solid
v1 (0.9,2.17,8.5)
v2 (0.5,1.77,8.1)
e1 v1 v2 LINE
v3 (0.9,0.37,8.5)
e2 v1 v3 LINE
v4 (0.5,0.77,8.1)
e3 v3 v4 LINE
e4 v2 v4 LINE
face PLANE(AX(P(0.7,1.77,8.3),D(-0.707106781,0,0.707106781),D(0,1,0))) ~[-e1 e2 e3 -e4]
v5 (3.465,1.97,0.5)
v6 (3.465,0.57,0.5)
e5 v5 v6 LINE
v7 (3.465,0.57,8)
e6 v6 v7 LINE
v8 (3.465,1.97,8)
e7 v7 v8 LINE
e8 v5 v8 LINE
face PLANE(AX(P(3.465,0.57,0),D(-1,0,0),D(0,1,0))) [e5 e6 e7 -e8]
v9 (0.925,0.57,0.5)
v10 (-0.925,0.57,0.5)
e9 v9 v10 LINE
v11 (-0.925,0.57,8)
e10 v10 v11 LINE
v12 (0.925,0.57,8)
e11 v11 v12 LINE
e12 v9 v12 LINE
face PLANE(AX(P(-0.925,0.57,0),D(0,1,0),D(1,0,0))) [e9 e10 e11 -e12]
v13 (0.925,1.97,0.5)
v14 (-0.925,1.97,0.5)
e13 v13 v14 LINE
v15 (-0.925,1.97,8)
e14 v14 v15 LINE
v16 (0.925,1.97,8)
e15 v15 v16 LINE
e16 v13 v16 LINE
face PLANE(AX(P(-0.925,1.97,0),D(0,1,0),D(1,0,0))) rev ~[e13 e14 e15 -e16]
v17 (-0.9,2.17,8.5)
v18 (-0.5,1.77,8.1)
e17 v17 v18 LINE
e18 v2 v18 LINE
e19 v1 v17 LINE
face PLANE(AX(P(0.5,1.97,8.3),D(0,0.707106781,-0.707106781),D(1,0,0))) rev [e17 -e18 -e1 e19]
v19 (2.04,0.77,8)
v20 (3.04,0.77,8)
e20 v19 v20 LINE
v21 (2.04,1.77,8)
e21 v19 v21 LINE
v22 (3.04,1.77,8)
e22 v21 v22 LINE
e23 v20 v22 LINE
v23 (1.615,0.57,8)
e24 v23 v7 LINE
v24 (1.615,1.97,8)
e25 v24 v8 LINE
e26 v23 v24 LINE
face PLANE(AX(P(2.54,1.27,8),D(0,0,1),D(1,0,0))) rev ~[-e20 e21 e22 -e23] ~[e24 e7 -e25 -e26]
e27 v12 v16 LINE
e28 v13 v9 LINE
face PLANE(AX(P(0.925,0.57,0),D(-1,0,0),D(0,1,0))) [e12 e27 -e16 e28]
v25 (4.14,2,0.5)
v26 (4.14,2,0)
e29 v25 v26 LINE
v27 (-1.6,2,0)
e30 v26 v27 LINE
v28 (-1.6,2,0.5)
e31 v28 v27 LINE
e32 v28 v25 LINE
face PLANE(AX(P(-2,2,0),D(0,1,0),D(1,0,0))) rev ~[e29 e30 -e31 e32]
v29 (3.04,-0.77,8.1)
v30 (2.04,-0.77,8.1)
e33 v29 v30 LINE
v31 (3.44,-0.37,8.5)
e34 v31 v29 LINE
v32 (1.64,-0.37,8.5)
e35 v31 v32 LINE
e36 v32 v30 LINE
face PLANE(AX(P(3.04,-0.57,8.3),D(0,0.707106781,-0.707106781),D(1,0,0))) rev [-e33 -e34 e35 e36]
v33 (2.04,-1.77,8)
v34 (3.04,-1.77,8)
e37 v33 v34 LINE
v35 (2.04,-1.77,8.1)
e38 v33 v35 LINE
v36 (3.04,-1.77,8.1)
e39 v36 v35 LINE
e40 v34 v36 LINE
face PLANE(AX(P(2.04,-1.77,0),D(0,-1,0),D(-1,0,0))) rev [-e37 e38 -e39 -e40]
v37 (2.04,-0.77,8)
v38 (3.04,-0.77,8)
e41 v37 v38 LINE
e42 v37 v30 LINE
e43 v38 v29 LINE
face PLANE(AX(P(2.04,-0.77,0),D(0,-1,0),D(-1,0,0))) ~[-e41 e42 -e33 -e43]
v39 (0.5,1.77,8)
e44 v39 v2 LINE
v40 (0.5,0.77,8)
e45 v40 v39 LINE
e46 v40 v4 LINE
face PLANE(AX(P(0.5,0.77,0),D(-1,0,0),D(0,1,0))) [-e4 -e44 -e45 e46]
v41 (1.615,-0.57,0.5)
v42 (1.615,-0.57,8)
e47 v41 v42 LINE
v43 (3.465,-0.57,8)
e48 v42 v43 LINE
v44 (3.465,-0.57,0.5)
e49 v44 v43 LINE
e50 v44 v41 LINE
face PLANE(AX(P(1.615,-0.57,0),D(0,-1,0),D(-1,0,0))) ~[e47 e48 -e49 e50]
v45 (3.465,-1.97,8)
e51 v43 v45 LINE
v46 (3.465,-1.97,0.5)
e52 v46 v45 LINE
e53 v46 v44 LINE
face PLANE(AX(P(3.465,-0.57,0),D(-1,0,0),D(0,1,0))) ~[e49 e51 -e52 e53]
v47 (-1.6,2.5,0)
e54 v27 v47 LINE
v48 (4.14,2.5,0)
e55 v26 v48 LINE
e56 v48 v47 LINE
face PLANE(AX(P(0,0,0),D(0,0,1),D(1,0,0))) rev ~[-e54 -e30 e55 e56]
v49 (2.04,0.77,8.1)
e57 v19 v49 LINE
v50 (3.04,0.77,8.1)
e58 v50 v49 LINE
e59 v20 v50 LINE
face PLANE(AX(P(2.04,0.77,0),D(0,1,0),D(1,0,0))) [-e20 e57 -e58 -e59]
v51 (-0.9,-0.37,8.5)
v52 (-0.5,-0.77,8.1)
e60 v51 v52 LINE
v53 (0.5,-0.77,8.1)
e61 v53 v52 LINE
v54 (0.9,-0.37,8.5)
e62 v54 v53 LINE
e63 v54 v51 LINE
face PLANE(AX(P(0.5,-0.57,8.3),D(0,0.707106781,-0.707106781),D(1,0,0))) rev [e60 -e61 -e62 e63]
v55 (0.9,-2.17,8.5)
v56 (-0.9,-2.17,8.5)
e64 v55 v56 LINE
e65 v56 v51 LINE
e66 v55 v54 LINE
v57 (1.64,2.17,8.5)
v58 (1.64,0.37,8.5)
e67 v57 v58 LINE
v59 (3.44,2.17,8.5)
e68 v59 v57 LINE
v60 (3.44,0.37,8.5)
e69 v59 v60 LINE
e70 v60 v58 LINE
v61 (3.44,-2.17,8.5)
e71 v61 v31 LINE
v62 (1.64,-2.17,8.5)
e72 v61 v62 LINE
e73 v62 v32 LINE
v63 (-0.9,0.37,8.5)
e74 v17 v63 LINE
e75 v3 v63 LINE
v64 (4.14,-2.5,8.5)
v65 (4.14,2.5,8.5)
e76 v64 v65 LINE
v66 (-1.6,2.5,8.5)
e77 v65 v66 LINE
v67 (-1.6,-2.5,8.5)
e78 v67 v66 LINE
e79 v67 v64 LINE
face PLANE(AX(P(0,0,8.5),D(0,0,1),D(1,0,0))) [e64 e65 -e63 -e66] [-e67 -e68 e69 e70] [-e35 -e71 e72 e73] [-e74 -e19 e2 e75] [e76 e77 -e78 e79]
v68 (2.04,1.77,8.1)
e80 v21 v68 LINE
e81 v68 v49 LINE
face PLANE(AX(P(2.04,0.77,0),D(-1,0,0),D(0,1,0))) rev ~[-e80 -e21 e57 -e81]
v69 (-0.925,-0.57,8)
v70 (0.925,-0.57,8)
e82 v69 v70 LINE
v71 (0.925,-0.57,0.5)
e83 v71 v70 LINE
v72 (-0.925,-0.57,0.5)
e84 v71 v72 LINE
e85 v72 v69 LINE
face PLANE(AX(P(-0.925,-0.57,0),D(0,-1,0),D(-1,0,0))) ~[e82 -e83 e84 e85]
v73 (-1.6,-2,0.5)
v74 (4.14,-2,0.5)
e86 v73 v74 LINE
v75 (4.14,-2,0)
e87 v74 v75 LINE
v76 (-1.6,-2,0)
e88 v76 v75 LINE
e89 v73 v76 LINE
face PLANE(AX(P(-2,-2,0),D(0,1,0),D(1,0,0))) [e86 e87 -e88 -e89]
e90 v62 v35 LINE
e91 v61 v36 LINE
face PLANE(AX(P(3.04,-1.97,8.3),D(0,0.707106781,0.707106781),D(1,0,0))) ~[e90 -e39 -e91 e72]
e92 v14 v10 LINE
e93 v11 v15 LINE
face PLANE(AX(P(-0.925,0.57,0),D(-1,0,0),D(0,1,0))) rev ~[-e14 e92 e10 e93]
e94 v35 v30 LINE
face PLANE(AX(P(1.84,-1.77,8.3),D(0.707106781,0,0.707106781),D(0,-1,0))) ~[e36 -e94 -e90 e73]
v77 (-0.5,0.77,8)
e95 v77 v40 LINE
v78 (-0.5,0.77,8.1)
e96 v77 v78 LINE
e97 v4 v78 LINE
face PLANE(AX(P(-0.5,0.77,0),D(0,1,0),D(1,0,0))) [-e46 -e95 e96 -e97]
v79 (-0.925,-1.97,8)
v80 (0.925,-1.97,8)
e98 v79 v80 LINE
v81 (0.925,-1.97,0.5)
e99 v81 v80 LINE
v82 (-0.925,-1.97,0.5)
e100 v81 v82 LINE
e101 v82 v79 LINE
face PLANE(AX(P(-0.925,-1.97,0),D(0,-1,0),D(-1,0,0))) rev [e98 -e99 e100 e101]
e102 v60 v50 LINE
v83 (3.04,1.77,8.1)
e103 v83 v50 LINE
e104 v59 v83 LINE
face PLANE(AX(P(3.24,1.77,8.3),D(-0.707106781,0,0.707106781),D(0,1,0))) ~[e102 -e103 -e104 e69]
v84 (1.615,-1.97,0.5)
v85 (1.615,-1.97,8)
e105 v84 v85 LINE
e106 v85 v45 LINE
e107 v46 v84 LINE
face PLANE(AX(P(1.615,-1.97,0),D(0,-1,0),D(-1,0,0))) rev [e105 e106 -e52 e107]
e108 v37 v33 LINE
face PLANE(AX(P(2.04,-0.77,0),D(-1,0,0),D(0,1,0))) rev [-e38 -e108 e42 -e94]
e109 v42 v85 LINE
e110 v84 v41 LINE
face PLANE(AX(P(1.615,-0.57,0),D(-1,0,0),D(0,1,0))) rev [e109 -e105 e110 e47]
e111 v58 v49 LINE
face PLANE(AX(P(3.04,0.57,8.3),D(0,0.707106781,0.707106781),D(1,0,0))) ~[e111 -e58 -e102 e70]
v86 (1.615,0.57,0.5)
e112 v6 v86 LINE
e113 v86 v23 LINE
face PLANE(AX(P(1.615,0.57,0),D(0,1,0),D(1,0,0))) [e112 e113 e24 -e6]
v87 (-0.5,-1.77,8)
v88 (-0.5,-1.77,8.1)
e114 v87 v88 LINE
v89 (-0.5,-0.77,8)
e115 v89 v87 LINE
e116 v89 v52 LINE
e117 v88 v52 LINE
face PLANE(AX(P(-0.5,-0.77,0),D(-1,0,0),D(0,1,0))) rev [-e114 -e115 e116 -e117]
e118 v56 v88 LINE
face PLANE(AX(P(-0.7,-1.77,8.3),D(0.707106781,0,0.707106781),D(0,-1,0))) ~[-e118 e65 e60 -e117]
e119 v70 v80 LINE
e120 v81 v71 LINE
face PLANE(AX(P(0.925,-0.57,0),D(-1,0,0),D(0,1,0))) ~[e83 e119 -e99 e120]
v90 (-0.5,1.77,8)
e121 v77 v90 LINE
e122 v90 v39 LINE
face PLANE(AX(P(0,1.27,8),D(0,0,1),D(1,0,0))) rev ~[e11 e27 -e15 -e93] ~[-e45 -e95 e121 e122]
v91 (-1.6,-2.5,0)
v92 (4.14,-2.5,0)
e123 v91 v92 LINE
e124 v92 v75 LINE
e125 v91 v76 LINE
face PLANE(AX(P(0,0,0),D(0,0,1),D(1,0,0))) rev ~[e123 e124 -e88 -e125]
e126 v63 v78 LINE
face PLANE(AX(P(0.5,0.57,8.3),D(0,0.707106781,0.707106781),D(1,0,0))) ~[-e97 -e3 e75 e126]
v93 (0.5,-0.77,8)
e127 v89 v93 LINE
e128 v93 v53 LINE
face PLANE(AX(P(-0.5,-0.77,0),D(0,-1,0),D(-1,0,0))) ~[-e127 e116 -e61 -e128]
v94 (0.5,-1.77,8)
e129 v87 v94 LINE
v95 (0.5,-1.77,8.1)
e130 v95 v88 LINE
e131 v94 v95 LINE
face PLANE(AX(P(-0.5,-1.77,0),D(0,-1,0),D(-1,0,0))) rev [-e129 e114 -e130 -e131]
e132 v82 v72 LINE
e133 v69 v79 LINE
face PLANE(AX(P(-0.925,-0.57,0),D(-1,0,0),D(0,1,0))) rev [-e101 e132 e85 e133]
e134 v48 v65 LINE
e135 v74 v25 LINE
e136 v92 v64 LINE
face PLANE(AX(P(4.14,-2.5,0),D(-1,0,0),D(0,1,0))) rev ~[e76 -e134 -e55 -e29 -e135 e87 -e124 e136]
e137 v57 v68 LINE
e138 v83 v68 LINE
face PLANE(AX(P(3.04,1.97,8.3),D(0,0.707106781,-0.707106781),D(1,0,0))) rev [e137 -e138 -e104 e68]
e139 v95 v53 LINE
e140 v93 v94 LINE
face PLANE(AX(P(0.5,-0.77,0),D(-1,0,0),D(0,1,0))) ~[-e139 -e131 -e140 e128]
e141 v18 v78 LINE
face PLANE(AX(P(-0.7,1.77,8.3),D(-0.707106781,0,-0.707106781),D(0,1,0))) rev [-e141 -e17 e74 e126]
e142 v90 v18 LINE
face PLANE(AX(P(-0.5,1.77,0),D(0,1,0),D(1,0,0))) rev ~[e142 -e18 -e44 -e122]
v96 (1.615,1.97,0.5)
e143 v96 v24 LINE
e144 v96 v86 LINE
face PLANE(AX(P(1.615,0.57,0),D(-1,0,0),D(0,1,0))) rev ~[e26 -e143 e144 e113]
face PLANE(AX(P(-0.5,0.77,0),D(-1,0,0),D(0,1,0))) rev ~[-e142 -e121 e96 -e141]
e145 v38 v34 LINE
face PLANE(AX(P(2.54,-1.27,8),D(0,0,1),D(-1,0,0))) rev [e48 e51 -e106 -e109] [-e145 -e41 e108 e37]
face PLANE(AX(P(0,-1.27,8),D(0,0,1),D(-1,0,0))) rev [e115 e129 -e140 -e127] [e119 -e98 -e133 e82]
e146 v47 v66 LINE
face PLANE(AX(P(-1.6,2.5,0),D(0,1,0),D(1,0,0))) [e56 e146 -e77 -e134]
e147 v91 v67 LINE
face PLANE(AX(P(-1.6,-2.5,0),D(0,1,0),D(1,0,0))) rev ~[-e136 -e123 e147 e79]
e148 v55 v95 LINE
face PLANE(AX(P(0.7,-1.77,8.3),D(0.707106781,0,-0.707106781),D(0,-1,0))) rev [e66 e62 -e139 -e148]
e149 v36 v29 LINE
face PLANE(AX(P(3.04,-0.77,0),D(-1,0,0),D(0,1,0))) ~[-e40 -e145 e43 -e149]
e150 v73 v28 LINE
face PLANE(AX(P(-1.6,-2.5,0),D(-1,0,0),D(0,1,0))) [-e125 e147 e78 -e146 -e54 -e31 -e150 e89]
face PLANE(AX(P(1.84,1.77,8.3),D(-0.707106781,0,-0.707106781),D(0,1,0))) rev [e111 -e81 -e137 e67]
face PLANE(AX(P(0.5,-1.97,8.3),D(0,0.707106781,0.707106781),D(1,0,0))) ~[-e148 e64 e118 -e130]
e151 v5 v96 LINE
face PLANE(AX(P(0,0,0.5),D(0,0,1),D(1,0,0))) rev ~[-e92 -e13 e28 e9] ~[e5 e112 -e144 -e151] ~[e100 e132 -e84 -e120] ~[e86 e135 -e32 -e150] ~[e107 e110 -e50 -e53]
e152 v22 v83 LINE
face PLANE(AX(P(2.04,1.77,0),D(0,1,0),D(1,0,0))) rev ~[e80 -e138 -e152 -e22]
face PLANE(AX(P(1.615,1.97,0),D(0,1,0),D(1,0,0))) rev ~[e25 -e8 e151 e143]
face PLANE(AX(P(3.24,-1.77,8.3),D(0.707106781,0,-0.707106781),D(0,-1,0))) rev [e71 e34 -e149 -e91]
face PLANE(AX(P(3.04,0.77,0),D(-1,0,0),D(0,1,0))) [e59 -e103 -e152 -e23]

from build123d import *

# Parameters (mm, degrees)
SKETCH001_W      = 1.85
SKETCH001_H      = 1.4
EXTRUDE001_DEPTH = 8
SKETCH002_W      = 1
SKETCH002_H      = 1
EXTRUDE002_DEPTH = 9
SKETCH013_W      = 4
SKETCH013_H      = 4
EXTRUDE013_DEPTH = 0.5
SKETCH012_W      = 3.2
SKETCH012_H      = 5
EXTRUDE012_DEPTH = 8.5
CHAMFER003_SIZE  = 0.4
ARRAY006_X_COUNT = 2
ARRAY006_X_PITCH = 2.54


with BuildPart() as extrude001:
    # Sketch001 → Extrude001 (new body)
    with BuildSketch(Plane.XY):
        Rectangle(SKETCH001_W, SKETCH001_H)
    extrude(amount=EXTRUDE001_DEPTH)


with BuildPart() as fusion006:
    # Sketch002 → Extrude002 (new body)
    with BuildSketch(Plane.XY):
        Rectangle(SKETCH002_W, SKETCH002_H)
    extrude(amount=EXTRUDE002_DEPTH)

    # Fusion006: union Extrude001
    add(extrude001.part)


with BuildPart() as fusion006_1:
    # Fusion006 placement: moved
    add(fusion006.part.moved(Location((0, 1.27, 0))))


with BuildPart() as part_mirroring003:
    # Part__Mirroring003: instance of Fusion006
    add(fusion006_1.part.mirror(Plane(origin=(0, 0, 0), x_dir=(1, 0, 0), z_dir=(0, 1, 0))))


with BuildPart() as fusion007:
    # Sketch013 → Extrude013 (new body)
    with BuildSketch(Plane.XY):
        Rectangle(SKETCH013_W, SKETCH013_H)
    extrude(amount=EXTRUDE013_DEPTH)

    # Fusion007: union Part__Mirroring003, Fusion006
    add(part_mirroring003.part)
    add(fusion006_1.part)


with BuildPart() as body003:
    # Sketch012 → Extrude012 (new body)
    with BuildSketch(Plane.XY):
        Rectangle(SKETCH012_W, SKETCH012_H)
    extrude(amount=EXTRUDE012_DEPTH)

    # Cut003: cut Fusion007
    add(fusion007.part, mode=Mode.SUBTRACT)

    # Chamfer003
    chamfer003_edges = [body003.edges().sort_by_distance(p)[0] for p in [
        (0, -0.77, 8.5),
        (-0.5, -1.27, 8.5),
        (0, -1.77, 8.5),
        (0.5, -1.27, 8.5),
        (0.5, 1.27, 8.5),
        (0, 1.77, 8.5),
        (-0.5, 1.27, 8.5),
        (0, 0.77, 8.5),
    ]]
    chamfer(chamfer003_edges, length=CHAMFER003_SIZE)

    # Array006 X: body003 ×2


with BuildPart() as body003_1:
    add(body003.part)
    with Locations(*[(i * ARRAY006_X_PITCH, 0, 0) for i in range(1, ARRAY006_X_COUNT)]):
        add(body003.part)


solid = body003_1.part
